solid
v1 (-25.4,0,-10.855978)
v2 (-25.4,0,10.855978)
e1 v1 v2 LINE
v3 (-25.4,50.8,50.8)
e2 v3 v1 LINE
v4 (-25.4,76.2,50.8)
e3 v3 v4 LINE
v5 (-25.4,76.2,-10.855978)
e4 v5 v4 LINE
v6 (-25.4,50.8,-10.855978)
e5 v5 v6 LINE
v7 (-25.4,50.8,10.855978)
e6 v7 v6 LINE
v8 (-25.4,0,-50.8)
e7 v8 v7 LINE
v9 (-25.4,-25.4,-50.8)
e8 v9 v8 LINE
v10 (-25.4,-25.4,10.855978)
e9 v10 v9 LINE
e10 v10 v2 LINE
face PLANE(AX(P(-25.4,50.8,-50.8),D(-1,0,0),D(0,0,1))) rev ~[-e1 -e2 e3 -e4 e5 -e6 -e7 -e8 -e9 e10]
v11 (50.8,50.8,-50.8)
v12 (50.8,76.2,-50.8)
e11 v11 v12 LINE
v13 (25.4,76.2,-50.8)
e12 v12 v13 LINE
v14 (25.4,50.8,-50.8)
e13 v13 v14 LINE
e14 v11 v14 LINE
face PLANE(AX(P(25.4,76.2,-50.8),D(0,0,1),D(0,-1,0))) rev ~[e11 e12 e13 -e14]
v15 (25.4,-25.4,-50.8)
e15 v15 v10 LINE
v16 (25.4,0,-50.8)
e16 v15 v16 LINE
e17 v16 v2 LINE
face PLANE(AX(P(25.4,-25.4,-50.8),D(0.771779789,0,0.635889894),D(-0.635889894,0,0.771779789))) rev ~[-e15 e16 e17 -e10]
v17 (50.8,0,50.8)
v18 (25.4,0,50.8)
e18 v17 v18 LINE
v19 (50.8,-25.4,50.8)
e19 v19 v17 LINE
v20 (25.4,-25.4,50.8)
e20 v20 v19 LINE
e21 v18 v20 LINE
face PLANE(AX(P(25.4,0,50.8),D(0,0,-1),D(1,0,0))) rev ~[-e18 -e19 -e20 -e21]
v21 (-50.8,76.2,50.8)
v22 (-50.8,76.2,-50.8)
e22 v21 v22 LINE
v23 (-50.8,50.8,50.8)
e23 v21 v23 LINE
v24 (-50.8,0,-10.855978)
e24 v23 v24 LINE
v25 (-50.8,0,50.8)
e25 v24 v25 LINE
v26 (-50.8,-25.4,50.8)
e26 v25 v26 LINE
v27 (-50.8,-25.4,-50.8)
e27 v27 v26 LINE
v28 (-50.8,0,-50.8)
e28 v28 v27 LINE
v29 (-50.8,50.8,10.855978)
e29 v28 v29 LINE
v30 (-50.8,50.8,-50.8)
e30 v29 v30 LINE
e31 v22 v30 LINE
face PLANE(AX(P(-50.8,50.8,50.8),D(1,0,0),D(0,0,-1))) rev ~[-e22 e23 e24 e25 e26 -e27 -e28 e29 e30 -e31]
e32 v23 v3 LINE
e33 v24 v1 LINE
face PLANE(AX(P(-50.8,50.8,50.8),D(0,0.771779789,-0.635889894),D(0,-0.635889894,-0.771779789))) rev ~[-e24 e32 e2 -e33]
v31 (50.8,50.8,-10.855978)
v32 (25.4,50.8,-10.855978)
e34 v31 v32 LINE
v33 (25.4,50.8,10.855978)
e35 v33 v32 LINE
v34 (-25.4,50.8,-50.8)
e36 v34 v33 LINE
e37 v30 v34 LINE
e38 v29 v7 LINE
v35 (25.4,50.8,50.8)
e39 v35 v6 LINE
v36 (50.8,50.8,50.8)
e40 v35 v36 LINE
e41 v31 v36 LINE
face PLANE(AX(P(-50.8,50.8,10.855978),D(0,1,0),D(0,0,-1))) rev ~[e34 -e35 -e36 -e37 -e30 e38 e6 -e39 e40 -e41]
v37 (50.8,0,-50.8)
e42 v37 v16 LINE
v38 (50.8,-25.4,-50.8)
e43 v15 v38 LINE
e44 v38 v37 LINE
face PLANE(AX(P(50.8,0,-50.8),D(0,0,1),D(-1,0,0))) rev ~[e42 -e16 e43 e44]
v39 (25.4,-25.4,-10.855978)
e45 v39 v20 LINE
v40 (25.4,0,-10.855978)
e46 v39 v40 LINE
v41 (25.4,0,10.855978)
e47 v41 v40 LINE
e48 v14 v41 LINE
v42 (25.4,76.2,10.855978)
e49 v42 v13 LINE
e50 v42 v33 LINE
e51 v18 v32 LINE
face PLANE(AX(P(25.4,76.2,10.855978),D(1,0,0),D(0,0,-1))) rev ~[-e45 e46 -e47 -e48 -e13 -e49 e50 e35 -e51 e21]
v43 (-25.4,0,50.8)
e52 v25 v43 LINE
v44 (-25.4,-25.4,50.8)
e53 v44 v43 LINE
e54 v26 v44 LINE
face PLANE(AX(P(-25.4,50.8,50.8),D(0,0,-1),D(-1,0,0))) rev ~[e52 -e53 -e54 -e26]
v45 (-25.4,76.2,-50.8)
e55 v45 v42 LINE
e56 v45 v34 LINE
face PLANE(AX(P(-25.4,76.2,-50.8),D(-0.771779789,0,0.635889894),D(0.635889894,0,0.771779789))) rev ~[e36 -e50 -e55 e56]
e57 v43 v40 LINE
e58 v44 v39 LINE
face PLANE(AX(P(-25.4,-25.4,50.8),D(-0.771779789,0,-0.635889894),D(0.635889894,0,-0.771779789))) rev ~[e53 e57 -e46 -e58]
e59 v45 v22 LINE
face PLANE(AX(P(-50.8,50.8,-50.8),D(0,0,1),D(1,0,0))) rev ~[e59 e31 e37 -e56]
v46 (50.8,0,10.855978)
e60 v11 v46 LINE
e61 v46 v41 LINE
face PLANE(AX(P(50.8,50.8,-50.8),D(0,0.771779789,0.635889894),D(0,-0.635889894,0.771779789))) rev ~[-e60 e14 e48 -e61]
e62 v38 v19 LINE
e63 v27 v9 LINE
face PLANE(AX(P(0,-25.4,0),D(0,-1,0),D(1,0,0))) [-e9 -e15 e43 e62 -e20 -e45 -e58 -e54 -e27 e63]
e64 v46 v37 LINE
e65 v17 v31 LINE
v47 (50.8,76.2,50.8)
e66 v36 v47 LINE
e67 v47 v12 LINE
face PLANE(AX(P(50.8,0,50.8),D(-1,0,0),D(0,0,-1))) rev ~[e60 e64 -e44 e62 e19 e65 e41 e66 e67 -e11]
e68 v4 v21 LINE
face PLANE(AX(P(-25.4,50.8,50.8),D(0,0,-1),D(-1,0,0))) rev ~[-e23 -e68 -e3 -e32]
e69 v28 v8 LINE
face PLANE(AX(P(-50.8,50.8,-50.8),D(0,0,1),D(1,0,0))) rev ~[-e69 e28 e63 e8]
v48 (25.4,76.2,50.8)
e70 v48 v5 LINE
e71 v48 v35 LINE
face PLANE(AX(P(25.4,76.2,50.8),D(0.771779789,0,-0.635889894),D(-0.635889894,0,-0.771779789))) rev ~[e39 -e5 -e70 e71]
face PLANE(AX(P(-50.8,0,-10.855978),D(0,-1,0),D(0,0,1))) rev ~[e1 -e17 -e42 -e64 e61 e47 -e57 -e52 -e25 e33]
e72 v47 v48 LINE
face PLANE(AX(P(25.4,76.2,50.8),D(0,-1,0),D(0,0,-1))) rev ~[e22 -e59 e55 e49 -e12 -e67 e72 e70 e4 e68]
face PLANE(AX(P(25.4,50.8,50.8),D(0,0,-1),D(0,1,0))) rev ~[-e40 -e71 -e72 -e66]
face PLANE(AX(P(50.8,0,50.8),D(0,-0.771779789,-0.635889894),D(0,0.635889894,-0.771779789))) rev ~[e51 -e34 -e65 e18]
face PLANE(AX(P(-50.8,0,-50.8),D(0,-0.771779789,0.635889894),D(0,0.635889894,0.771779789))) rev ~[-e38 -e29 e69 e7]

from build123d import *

# Parameters (mm, degrees)
F0_W      = 101.6
F0_H      = 101.6
F1_DEPTH  = 25.4
F3_DEPTH  = 25.401
F5_DEPTH  = 76.2
F7_DEPTH  = 25.4
F9_DEPTH  = 76.2
F11_DEPTH = 25.4
F13_DEPTH = 50.8
F15_DEPTH = 25.4


with BuildPart() as f1:
    # F0 (on Front) → F1 (new body)
    with BuildSketch(Plane.XZ):
        Rectangle(F0_W, F0_H)
    extrude(amount=F1_DEPTH)

    # F2 (on face) → F3 (cut, through all)
    with BuildSketch(Plane.XZ.offset(25.4)):
        Polygon((25.4, 50.8), (-25.4, 50.8), (25.4, -10.855978), align=None)
        Polygon((-25.4, 10.855978), (-25.4, -50.8), (25.4, -50.8), align=None)
    extrude(amount=-F3_DEPTH, mode=Mode.SUBTRACT)

    # F4 (on face) → F5 (join)
    with BuildSketch(Plane(origin=(0, 0, 0), x_dir=(-1, 0, 0), z_dir=(0, 1, 0))):
        Polygon((-25.4, 50.8), (-50.8, 50.8), (-50.8, -50.8), (-25.4, -50.8), (-25.4, -10.855978), align=None)
    extrude(amount=F5_DEPTH)

    # F6 (on face) → F7 (cut)
    with BuildSketch(Plane.YZ.offset(50.8)):
        Polygon((50.8, 50.8), (0, 50.8), (50.8, -10.855978), align=None)
        Polygon((0, 10.855978), (0, -50.8), (50.8, -50.8), align=None)
    extrude(amount=-F7_DEPTH, mode=Mode.SUBTRACT)

    # F8 (on face) → F9 (join)
    with BuildSketch(Plane(origin=(25.4, 0, 0), x_dir=(0, -1, 0), z_dir=(-1, 0, 0))):
        Polygon((-50.8, -10.855978), (-50.8, 50.8), (-76.2, 50.8), (-76.2, -50.8), (-50.8, -50.8), align=None)
    extrude(amount=F9_DEPTH)

    # F10 (on face) → F11 (cut)
    with BuildSketch(Plane(origin=(0, 76.2, 0), x_dir=(-1, 0, 0), z_dir=(0, 1, 0))):
        Polygon((25.4, 50.8), (-25.4, 50.8), (25.4, -10.855978), align=None)
        Polygon((-25.4, 10.855978), (-25.4, -50.8), (25.4, -50.8), align=None)
    extrude(amount=-F11_DEPTH, mode=Mode.SUBTRACT)

    # F12 (on face) → F13 (join)
    with BuildSketch(Plane.XZ.offset(-50.8)):
        Polygon((-25.4, -10.855978), (-25.4, 50.8), (-50.8, 50.8), (-50.8, -50.8), (-25.4, -50.8), align=None)
    extrude(amount=F13_DEPTH)

    # F14 (on face) → F15 (cut)
    with BuildSketch(Plane(origin=(-50.8, 0, 0), x_dir=(0, -1, 0), z_dir=(-1, 0, 0))):
        Polygon((0, 50.8), (-50.8, 50.8), (0, -10.855978), align=None)
        Polygon((-50.8, 10.855978), (-50.8, -50.8), (0, -50.8), align=None)
    extrude(amount=-F15_DEPTH, mode=Mode.SUBTRACT)


solid = f1.part
